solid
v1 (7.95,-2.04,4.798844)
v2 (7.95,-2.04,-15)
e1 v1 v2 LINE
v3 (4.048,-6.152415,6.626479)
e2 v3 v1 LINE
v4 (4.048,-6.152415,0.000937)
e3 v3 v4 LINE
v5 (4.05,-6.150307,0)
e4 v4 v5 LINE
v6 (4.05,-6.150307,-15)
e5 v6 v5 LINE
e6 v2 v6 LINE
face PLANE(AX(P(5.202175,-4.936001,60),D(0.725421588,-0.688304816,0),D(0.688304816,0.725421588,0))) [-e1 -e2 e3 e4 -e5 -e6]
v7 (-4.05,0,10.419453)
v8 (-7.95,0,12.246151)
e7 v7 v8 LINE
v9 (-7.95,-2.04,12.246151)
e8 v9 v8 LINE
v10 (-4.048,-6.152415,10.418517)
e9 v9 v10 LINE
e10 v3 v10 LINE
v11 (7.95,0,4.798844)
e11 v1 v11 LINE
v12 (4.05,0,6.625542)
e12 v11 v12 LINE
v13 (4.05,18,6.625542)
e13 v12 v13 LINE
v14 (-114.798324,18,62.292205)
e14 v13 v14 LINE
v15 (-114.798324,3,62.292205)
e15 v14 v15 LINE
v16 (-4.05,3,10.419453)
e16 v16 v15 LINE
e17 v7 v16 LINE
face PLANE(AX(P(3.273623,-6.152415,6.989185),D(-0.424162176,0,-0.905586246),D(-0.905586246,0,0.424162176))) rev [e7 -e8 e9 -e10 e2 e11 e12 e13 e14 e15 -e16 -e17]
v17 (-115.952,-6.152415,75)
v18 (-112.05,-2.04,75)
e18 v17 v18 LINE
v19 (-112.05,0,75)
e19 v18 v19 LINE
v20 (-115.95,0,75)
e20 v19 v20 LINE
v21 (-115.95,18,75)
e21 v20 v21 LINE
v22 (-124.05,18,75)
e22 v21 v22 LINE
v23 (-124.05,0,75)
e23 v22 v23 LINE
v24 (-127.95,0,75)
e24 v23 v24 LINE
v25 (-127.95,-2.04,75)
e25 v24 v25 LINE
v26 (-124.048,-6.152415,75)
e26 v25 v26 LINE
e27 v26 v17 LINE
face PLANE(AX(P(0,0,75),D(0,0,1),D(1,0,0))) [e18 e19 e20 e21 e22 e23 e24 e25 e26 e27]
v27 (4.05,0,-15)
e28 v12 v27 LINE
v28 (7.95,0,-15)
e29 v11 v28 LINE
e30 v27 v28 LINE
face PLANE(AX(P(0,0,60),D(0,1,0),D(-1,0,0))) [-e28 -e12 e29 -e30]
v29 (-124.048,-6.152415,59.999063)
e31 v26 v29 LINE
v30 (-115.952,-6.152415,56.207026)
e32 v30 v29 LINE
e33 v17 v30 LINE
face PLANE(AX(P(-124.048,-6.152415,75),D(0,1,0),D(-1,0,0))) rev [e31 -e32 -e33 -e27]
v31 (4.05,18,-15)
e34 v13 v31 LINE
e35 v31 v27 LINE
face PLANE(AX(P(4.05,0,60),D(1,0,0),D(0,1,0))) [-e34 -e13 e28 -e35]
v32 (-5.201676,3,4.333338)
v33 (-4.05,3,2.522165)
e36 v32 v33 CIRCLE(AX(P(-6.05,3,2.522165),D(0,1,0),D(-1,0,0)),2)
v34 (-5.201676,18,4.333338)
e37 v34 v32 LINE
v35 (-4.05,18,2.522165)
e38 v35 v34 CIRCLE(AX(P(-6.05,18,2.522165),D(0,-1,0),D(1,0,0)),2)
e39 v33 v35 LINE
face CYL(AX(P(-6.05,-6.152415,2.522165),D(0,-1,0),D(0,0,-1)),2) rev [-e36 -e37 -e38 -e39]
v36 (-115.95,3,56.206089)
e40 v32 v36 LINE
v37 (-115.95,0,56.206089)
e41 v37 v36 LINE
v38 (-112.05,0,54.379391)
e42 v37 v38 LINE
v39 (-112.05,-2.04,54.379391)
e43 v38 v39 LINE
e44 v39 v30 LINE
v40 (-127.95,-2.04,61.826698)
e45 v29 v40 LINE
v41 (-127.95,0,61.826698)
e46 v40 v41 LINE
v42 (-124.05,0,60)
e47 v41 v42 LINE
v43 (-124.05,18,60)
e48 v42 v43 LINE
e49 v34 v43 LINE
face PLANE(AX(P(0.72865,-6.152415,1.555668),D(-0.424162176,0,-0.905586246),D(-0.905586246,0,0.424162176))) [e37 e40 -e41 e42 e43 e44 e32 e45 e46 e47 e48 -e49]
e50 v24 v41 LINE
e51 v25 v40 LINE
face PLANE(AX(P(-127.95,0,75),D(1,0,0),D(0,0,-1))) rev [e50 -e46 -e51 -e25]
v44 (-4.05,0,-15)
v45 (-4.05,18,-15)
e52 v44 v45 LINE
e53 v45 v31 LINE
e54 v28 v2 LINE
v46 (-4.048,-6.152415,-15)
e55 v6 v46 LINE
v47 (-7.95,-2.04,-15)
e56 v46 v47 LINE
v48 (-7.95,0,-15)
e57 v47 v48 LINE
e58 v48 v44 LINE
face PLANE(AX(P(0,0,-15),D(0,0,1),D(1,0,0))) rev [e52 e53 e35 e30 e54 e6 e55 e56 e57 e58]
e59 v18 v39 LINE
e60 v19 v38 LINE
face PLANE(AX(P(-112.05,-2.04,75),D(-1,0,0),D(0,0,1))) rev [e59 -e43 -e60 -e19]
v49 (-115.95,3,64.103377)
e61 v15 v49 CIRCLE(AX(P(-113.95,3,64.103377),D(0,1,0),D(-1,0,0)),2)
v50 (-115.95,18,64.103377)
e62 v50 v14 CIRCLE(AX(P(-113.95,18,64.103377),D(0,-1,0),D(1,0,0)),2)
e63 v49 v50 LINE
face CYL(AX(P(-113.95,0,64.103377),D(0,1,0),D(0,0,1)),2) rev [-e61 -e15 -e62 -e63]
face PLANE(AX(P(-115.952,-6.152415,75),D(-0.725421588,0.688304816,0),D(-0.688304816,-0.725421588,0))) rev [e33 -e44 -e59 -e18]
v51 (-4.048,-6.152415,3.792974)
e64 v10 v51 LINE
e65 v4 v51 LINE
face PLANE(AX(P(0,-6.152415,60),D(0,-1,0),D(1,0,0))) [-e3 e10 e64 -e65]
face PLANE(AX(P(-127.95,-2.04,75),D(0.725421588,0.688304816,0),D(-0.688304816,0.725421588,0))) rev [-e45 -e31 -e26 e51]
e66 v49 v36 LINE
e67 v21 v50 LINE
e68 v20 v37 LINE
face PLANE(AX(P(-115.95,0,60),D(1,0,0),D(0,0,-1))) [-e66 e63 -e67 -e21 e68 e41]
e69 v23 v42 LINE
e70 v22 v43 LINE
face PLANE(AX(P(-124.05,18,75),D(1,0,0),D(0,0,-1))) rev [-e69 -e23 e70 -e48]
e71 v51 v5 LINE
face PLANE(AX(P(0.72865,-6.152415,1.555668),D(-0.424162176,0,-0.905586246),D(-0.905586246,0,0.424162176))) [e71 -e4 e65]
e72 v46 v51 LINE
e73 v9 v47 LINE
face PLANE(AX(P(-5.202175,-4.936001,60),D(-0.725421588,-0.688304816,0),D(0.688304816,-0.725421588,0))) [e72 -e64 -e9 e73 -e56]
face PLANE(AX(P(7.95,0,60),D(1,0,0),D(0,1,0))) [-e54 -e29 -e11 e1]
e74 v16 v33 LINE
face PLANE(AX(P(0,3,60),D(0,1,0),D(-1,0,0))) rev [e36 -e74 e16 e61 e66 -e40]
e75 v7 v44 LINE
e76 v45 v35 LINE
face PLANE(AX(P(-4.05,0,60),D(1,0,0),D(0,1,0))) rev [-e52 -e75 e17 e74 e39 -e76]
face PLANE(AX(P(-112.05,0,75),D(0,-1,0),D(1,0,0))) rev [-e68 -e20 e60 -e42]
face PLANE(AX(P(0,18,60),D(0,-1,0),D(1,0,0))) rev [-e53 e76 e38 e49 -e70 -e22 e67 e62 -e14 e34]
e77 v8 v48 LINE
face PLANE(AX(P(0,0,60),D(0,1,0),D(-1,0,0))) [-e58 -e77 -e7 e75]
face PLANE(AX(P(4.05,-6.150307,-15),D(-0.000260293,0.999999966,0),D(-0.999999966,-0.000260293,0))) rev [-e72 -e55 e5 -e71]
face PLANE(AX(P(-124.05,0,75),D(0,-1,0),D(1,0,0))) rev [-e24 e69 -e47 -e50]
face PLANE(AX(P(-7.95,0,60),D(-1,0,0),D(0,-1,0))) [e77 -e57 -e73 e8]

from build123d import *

# Parameters (mm, degrees)
BOSS_EXTRUDE1_DEPTH = 60
CUT_EXTRUDE2_DEPTH  = 25.152414984
BOSS_EXTRUDE2_DEPTH = 15
CUT_EXTRUDE3_DEPTH  = 25.152414984
BOSS_EXTRUDE3_DEPTH = 15
BOSS_EXTRUDE4_DEPTH = 15
CUT_EXTRUDE4_DEPTH  = 25.152414984
FILLET1_R           = 2


with BuildPart() as part:
    # Sketch1 → Boss-Extrude1 (new body)
    with BuildSketch(Plane.XY):
        Polygon((4.05, 18), (-124.05, 18), (-124.05, 0), (-115.95, 0), (-115.95, 3), (-4.05, 3), (-4.05, 0), (-7.95, 0), (-7.95, -2.04), (-4.048, -6.152414984), (4.048, -6.152414984), (7.95, -2.04), (7.95, 0), (4.05, 0), align=None)
    extrude(amount=BOSS_EXTRUDE1_DEPTH)

    # Sketch2 → Cut-Extrude2 (cut, through all)
    with BuildSketch(Plane(origin=(0, 18, 0), x_dir=(1, 0, 0), z_dir=(0, 1, 0))):
        Polygon((4.05, -60), (4.05, -6.625542325), (-109.904467136, -60), align=None)
        Polygon((-124.05, -60), (4.05, 0), (-124.05, 0), align=None)
        Polygon((11.122904285, -3.312706594), (4.05, -6.625542325), (4.05, -60), (-109.904467136, -60), (-126.032958173, -67.554328354), (-83.616740574, -158.112952928), (53.539121883, -93.871331168), align=None)
    extrude(amount=-CUT_EXTRUDE2_DEPTH, mode=Mode.SUBTRACT)

    # Sketch3 → Boss-Extrude2 (add, symmetric)
    with BuildSketch(Plane.XY.offset(60)):
        Polygon((-124.05, 18), (-124.05, 0), (-127.95, 0), (-127.95, -2.04), (-124.048, -6.152414984), (-115.952, -6.152414984), (-112.05, -2.04), (-112.05, 0), (-115.95, 0), (-115.95, 3), (-115.95, 18), align=None)
    extrude(amount=BOSS_EXTRUDE2_DEPTH, both=True)

    # Sketch2<4> → Cut-Extrude3 (cut, through all)
    with BuildSketch(Plane(origin=(0, 18, 0), x_dir=(1, 0, 0), z_dir=(0, 1, 0))):
        Polygon((4.05, 0), (-128.577931229, -62.12081088), (-170.994148827, 28.437813693), (-38.366217599, 90.558624573), align=None)
    extrude(amount=-CUT_EXTRUDE3_DEPTH, mode=Mode.SUBTRACT)

    # Sketch4 → Boss-Extrude3 (add)
    with BuildSketch(Plane(origin=(0, 18, 0), x_dir=(1, 0, 0), z_dir=(0, 1, 0))):
        Polygon((-109.904467136, -60), (-115.95, -62.831631318), (-115.95, -60), align=None)
    extrude(amount=-BOSS_EXTRUDE3_DEPTH)

    # Sketch6 → Boss-Extrude4 (add, symmetric)
    with BuildSketch(Plane(origin=(0, 0, 0), x_dir=(-1, 0, 0), z_dir=(0, 0, -1))):
        Polygon((-4.05, 0), (-7.95, 0), (-7.95, -2.04), (-4.05, -6.150307134), (4.048, -6.152414984), (7.95, -2.04), (7.95, 0), (4.05, 0), (4.05, 3), (4.05, 18), (-4.05, 18), align=None)
    extrude(amount=BOSS_EXTRUDE4_DEPTH, both=True)

    # Sketch7 → Cut-Extrude4 (cut, through all)
    with BuildSketch(Plane(origin=(0, 18, 0), x_dir=(1, 0, 0), z_dir=(0, 1, 0))):
        Polygon((-7.95, -12.246151224), (-7.95, -15), (7.95, -15), (7.95, -4.798844433), align=None)
    extrude(amount=-CUT_EXTRUDE4_DEPTH, mode=Mode.SUBTRACT)

    # Fillet1
    fillet1_edges = [part.edges().sort_by_distance(p)[0] for p in [
        (-115.95, 10.5, 62.831631318),
        (-4.05, 10.5, 3.793911007),
    ]]
    fillet(fillet1_edges, radius=FILLET1_R)


solid = part.part
